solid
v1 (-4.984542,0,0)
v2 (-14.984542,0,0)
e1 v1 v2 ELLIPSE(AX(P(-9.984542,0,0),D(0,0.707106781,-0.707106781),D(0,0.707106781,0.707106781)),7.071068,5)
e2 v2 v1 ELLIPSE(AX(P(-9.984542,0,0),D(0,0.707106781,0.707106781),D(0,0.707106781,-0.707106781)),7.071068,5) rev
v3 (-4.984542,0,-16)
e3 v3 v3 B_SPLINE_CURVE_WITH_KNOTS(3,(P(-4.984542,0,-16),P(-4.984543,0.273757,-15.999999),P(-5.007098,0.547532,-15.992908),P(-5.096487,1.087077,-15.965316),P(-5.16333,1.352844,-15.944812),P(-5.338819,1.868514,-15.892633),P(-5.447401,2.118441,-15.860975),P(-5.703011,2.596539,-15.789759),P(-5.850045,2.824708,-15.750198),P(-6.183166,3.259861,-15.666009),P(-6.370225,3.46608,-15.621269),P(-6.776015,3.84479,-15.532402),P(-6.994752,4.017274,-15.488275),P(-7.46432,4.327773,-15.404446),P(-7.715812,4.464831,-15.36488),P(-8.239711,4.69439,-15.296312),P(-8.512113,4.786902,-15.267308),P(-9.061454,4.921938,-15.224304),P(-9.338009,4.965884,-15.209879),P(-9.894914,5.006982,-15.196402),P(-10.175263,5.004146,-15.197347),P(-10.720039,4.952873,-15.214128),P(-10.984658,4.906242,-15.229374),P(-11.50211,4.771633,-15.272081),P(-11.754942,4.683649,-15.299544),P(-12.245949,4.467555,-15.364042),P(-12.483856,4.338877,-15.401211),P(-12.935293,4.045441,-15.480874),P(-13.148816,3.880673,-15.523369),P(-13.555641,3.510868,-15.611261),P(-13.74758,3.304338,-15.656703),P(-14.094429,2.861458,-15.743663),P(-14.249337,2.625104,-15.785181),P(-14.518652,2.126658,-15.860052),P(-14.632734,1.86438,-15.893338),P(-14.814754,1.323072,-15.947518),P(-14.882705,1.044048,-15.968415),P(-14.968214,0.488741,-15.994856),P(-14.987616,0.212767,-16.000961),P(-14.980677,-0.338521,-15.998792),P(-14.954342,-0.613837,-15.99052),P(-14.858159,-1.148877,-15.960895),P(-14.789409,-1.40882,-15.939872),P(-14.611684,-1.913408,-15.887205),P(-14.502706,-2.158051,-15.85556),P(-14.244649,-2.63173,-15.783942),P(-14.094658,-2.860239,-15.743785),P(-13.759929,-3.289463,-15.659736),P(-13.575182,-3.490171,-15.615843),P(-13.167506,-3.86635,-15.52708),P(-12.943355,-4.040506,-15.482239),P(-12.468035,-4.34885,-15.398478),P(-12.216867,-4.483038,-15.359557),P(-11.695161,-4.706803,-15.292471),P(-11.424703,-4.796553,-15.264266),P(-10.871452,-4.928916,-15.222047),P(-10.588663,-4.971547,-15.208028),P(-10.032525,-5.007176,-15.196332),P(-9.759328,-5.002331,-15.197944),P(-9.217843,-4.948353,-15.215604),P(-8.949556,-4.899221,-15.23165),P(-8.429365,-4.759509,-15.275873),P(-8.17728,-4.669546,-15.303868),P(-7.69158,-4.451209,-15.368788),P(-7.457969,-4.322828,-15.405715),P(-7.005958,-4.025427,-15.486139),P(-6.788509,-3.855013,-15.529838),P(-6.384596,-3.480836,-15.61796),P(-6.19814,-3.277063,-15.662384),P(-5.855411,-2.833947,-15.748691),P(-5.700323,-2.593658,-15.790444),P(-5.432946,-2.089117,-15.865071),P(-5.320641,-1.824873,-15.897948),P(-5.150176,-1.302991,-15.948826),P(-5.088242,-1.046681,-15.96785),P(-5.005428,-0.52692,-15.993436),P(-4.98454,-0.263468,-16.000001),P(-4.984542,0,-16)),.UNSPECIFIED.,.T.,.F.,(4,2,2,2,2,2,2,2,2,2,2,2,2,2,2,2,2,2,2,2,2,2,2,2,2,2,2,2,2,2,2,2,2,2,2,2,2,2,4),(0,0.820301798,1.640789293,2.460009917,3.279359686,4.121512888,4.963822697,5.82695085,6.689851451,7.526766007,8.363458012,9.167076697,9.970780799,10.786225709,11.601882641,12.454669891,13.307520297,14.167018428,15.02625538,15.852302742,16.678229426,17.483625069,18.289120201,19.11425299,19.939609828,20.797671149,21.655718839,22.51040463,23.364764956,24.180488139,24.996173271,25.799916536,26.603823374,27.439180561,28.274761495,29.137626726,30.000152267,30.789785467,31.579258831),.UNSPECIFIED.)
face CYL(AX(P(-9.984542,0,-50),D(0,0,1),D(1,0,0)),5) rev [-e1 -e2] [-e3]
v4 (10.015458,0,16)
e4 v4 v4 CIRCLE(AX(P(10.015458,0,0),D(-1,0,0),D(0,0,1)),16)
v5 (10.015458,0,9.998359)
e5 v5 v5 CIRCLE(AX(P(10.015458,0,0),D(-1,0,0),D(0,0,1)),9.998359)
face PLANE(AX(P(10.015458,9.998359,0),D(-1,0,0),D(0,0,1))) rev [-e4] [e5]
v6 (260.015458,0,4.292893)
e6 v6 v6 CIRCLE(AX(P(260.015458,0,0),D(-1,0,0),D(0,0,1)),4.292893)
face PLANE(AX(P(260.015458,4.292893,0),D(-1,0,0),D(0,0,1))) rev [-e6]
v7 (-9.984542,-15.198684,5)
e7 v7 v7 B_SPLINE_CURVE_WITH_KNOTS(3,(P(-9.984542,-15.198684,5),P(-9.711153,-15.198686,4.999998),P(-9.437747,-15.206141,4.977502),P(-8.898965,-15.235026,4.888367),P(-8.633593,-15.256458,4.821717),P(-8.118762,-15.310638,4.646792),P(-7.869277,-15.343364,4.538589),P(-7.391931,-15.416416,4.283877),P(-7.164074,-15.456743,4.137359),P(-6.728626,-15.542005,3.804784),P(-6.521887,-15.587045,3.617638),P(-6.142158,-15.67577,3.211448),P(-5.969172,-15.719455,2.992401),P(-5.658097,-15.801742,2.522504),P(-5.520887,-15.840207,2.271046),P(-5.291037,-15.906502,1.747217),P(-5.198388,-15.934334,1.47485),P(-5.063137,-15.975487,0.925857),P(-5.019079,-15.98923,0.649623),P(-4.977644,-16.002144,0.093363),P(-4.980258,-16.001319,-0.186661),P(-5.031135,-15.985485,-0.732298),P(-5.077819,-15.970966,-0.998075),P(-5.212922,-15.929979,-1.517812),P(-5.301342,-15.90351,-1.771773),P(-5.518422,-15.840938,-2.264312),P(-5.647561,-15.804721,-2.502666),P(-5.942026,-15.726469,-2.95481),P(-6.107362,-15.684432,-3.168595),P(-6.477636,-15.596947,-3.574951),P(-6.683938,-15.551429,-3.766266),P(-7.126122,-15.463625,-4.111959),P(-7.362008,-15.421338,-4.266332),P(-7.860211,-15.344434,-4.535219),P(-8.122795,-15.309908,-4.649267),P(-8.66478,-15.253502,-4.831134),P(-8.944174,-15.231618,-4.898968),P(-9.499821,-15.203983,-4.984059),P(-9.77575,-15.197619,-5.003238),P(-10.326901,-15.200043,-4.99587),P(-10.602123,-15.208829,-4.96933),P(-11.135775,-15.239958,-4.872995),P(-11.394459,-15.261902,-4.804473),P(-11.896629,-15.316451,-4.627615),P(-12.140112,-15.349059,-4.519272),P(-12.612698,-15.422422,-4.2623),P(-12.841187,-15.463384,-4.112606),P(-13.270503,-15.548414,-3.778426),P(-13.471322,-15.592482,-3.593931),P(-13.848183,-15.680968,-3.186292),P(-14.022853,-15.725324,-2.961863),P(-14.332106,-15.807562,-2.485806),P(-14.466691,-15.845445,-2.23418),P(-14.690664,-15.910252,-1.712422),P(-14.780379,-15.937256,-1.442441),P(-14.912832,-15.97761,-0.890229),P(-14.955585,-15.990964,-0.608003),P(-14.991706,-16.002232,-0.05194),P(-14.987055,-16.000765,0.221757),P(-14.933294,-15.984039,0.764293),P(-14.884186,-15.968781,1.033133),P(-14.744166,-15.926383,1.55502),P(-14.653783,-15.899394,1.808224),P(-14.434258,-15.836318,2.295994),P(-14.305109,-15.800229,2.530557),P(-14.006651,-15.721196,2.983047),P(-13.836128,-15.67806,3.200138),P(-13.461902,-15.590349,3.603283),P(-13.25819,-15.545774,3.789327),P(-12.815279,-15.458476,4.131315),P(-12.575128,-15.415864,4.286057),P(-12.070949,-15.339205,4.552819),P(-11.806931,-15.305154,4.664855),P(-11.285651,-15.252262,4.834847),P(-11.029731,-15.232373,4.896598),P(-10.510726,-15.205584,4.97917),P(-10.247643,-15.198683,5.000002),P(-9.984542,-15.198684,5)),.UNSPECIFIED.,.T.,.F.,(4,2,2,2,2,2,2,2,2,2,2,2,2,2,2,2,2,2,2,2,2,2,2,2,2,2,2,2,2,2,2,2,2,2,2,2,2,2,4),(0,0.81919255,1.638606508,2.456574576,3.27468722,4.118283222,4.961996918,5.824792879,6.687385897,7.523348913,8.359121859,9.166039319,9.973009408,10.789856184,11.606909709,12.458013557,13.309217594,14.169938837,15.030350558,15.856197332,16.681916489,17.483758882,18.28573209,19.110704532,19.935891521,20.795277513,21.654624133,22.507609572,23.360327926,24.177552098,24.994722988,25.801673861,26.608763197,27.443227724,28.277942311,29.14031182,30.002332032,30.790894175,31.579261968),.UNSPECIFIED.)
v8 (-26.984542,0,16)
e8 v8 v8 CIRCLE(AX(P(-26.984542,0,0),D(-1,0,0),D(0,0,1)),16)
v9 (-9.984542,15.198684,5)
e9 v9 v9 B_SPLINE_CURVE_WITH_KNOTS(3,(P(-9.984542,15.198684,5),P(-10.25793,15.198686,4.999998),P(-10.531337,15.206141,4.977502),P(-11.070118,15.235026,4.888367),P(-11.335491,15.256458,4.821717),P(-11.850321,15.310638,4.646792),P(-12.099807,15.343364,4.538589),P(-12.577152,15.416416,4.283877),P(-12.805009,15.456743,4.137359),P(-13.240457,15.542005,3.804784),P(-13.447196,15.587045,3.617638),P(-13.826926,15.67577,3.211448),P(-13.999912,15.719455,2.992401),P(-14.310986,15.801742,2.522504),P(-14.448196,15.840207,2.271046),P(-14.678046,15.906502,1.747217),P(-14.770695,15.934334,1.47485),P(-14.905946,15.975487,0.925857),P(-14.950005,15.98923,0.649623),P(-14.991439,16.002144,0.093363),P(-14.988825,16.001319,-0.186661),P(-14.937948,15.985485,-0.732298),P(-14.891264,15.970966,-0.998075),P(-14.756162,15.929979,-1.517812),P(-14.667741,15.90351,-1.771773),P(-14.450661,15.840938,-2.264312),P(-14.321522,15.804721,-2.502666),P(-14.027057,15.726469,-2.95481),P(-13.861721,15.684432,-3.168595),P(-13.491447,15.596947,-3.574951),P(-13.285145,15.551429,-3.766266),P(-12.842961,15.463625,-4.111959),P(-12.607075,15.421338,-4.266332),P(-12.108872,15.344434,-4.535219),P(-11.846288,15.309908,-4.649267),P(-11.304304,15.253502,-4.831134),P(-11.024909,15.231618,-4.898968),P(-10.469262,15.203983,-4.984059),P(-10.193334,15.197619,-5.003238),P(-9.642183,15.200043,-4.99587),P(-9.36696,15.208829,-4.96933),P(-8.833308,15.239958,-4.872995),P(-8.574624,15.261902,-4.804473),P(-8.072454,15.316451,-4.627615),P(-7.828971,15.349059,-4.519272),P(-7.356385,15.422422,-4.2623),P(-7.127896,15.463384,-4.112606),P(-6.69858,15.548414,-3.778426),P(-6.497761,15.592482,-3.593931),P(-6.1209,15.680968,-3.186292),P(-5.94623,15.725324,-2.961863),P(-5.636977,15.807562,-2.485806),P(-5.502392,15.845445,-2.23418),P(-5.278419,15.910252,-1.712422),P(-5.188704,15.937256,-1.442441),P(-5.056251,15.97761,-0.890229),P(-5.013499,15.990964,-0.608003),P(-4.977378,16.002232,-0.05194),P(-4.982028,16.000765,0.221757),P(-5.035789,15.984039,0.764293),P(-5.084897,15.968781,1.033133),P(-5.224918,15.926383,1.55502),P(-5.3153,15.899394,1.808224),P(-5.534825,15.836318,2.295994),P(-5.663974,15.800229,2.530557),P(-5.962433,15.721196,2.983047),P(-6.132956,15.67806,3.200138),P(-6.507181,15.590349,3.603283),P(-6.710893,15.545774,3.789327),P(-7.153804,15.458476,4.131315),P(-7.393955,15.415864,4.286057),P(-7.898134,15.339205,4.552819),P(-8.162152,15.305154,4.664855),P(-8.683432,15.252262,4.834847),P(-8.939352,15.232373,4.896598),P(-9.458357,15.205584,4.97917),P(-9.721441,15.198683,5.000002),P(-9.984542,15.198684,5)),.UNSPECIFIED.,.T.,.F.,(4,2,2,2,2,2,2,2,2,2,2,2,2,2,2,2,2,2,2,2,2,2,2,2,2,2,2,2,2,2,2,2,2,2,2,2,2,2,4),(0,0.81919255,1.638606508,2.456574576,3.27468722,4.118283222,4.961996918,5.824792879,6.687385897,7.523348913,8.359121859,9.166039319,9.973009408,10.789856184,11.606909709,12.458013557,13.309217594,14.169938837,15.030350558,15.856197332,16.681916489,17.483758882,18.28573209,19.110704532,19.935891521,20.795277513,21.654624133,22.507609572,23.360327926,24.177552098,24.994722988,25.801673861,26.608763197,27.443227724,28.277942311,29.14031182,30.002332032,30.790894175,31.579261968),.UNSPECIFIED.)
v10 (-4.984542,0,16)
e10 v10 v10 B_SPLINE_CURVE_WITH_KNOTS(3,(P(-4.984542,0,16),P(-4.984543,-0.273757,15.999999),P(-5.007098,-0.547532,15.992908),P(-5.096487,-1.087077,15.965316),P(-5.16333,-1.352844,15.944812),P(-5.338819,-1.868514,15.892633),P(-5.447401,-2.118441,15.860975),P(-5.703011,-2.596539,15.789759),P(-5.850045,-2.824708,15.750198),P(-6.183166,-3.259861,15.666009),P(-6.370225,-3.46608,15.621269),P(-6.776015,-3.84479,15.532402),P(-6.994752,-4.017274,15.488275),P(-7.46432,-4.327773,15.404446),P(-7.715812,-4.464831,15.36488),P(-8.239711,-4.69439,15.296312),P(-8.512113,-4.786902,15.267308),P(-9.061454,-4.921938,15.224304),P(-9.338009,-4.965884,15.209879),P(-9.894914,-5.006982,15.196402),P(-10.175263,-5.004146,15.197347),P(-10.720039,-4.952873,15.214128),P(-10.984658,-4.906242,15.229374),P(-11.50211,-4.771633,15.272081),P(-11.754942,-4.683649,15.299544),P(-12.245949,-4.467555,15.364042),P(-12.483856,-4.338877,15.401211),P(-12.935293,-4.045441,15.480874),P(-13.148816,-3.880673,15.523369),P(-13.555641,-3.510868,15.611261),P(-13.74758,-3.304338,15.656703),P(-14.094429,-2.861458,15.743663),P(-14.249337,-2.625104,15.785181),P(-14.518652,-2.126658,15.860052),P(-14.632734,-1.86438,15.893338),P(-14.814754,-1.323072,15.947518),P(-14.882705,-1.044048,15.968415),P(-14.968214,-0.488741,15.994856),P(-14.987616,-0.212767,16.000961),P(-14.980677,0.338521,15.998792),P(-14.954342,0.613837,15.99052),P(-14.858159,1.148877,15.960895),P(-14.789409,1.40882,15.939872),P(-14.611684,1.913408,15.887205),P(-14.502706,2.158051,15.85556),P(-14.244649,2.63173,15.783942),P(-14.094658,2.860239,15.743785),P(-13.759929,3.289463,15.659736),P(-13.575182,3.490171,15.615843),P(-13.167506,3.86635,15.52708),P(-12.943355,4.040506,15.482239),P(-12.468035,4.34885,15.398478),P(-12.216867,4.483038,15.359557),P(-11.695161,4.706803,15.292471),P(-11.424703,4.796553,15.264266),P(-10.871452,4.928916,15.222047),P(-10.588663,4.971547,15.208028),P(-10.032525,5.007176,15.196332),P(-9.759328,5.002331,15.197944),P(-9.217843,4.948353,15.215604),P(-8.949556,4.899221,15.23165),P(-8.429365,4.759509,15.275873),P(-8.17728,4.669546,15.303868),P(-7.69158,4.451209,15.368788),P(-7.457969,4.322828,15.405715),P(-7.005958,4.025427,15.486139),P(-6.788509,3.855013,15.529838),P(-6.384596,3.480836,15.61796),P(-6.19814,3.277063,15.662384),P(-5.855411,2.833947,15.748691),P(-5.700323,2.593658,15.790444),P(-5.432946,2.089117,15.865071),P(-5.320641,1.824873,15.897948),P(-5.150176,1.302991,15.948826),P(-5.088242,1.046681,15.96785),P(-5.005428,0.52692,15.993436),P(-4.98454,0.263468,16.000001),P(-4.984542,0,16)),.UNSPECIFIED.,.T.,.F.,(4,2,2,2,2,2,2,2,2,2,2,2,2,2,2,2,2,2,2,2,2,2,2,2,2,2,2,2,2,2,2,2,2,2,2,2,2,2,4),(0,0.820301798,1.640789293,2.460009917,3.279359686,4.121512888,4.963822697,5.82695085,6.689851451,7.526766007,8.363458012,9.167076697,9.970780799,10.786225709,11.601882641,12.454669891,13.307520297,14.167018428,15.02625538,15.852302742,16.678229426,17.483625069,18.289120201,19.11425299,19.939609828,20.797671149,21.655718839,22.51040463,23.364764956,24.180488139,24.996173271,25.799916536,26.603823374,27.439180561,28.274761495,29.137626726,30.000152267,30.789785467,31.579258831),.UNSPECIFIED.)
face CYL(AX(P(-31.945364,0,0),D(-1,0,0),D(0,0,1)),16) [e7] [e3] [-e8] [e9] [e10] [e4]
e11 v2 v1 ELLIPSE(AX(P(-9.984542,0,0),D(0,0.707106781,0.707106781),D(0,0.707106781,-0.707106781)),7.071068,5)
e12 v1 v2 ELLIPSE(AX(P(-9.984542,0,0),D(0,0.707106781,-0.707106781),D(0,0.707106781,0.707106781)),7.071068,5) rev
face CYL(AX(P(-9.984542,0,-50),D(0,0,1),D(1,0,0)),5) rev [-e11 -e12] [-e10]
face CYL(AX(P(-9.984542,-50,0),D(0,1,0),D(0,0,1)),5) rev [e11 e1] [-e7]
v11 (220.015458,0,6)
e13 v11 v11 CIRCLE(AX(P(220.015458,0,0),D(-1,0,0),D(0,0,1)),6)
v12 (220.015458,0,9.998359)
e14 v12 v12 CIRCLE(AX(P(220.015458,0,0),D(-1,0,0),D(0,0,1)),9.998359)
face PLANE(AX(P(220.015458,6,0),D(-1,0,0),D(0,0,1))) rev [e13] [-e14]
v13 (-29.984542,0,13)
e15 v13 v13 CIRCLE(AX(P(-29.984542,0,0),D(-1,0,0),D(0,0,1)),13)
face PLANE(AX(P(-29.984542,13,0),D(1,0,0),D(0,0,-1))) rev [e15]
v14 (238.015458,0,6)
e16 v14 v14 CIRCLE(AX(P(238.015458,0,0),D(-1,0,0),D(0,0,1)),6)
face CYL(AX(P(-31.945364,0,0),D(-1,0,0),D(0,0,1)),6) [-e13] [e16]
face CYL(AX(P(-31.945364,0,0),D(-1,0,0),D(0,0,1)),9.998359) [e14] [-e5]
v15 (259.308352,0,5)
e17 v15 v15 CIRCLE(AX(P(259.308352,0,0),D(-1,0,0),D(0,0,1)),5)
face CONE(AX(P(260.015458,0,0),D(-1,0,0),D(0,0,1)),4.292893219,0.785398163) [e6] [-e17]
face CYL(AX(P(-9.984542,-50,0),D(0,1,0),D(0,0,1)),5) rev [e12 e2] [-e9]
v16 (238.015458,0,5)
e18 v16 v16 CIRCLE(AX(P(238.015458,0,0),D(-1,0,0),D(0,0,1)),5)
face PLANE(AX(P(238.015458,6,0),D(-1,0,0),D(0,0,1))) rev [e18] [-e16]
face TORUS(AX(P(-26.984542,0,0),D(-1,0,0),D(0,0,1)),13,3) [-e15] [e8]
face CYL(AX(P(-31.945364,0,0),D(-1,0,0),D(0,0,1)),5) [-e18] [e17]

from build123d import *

# Parameters (mm, degrees)
SKETCH2_R          = 5
CUT_EXTRUDE1_DEPTH = 50
SKETCH3_R          = 5
CUT_EXTRUDE2_DEPTH = 50


with BuildPart() as part:
    # Sketch1 → Revolve1 (revolve)
    with BuildSketch(Plane.XY):
        with BuildLine():
            Line((238.015458409, 6), (238.015458409, 5))
            Line((238.015458409, 5), (259.308351628, 5))
            Line((259.308351628, 5), (260.015458409, 4.292893219))
            Line((260.015458409, 4.292893219), (260.015458409, 0))
            Line((260.015458409, 0), (-29.984541591, 0))
            Line((-29.984541591, 0), (-29.984541591, 13))
            ThreePointArc((-29.984541591, 13), (-29.105861935, 15.121320344), (-26.984541591, 16))
            Line((-26.984541591, 16), (10.015458409, 16))
            Line((10.015458409, 16), (10.015458409, 9.998359118))
            Line((10.015458409, 9.998359118), (220.015458409, 9.998359118))
            Line((220.015458409, 9.998359118), (220.015458409, 6))
            Line((220.015458409, 6), (238.015458409, 6))
        make_face()
    revolve(axis=Axis((-31.94536444, 0, 0), (1, 0, 0)))

    # Sketch2 → Cut-Extrude1 (cut, symmetric)
    with BuildSketch(Plane(origin=(0, 0, 0), x_dir=(1, 0, 0), z_dir=(0, 1, 0))):
        with Locations((-9.984541591, 0)):
            Circle(SKETCH2_R)
    extrude(amount=CUT_EXTRUDE1_DEPTH, both=True, mode=Mode.SUBTRACT)

    # Sketch3 → Cut-Extrude2 (cut, symmetric)
    with BuildSketch(Plane.XY):
        with Locations((-9.984541591, 0)):
            Circle(SKETCH3_R)
    extrude(amount=CUT_EXTRUDE2_DEPTH, both=True, mode=Mode.SUBTRACT)


solid = part.part
